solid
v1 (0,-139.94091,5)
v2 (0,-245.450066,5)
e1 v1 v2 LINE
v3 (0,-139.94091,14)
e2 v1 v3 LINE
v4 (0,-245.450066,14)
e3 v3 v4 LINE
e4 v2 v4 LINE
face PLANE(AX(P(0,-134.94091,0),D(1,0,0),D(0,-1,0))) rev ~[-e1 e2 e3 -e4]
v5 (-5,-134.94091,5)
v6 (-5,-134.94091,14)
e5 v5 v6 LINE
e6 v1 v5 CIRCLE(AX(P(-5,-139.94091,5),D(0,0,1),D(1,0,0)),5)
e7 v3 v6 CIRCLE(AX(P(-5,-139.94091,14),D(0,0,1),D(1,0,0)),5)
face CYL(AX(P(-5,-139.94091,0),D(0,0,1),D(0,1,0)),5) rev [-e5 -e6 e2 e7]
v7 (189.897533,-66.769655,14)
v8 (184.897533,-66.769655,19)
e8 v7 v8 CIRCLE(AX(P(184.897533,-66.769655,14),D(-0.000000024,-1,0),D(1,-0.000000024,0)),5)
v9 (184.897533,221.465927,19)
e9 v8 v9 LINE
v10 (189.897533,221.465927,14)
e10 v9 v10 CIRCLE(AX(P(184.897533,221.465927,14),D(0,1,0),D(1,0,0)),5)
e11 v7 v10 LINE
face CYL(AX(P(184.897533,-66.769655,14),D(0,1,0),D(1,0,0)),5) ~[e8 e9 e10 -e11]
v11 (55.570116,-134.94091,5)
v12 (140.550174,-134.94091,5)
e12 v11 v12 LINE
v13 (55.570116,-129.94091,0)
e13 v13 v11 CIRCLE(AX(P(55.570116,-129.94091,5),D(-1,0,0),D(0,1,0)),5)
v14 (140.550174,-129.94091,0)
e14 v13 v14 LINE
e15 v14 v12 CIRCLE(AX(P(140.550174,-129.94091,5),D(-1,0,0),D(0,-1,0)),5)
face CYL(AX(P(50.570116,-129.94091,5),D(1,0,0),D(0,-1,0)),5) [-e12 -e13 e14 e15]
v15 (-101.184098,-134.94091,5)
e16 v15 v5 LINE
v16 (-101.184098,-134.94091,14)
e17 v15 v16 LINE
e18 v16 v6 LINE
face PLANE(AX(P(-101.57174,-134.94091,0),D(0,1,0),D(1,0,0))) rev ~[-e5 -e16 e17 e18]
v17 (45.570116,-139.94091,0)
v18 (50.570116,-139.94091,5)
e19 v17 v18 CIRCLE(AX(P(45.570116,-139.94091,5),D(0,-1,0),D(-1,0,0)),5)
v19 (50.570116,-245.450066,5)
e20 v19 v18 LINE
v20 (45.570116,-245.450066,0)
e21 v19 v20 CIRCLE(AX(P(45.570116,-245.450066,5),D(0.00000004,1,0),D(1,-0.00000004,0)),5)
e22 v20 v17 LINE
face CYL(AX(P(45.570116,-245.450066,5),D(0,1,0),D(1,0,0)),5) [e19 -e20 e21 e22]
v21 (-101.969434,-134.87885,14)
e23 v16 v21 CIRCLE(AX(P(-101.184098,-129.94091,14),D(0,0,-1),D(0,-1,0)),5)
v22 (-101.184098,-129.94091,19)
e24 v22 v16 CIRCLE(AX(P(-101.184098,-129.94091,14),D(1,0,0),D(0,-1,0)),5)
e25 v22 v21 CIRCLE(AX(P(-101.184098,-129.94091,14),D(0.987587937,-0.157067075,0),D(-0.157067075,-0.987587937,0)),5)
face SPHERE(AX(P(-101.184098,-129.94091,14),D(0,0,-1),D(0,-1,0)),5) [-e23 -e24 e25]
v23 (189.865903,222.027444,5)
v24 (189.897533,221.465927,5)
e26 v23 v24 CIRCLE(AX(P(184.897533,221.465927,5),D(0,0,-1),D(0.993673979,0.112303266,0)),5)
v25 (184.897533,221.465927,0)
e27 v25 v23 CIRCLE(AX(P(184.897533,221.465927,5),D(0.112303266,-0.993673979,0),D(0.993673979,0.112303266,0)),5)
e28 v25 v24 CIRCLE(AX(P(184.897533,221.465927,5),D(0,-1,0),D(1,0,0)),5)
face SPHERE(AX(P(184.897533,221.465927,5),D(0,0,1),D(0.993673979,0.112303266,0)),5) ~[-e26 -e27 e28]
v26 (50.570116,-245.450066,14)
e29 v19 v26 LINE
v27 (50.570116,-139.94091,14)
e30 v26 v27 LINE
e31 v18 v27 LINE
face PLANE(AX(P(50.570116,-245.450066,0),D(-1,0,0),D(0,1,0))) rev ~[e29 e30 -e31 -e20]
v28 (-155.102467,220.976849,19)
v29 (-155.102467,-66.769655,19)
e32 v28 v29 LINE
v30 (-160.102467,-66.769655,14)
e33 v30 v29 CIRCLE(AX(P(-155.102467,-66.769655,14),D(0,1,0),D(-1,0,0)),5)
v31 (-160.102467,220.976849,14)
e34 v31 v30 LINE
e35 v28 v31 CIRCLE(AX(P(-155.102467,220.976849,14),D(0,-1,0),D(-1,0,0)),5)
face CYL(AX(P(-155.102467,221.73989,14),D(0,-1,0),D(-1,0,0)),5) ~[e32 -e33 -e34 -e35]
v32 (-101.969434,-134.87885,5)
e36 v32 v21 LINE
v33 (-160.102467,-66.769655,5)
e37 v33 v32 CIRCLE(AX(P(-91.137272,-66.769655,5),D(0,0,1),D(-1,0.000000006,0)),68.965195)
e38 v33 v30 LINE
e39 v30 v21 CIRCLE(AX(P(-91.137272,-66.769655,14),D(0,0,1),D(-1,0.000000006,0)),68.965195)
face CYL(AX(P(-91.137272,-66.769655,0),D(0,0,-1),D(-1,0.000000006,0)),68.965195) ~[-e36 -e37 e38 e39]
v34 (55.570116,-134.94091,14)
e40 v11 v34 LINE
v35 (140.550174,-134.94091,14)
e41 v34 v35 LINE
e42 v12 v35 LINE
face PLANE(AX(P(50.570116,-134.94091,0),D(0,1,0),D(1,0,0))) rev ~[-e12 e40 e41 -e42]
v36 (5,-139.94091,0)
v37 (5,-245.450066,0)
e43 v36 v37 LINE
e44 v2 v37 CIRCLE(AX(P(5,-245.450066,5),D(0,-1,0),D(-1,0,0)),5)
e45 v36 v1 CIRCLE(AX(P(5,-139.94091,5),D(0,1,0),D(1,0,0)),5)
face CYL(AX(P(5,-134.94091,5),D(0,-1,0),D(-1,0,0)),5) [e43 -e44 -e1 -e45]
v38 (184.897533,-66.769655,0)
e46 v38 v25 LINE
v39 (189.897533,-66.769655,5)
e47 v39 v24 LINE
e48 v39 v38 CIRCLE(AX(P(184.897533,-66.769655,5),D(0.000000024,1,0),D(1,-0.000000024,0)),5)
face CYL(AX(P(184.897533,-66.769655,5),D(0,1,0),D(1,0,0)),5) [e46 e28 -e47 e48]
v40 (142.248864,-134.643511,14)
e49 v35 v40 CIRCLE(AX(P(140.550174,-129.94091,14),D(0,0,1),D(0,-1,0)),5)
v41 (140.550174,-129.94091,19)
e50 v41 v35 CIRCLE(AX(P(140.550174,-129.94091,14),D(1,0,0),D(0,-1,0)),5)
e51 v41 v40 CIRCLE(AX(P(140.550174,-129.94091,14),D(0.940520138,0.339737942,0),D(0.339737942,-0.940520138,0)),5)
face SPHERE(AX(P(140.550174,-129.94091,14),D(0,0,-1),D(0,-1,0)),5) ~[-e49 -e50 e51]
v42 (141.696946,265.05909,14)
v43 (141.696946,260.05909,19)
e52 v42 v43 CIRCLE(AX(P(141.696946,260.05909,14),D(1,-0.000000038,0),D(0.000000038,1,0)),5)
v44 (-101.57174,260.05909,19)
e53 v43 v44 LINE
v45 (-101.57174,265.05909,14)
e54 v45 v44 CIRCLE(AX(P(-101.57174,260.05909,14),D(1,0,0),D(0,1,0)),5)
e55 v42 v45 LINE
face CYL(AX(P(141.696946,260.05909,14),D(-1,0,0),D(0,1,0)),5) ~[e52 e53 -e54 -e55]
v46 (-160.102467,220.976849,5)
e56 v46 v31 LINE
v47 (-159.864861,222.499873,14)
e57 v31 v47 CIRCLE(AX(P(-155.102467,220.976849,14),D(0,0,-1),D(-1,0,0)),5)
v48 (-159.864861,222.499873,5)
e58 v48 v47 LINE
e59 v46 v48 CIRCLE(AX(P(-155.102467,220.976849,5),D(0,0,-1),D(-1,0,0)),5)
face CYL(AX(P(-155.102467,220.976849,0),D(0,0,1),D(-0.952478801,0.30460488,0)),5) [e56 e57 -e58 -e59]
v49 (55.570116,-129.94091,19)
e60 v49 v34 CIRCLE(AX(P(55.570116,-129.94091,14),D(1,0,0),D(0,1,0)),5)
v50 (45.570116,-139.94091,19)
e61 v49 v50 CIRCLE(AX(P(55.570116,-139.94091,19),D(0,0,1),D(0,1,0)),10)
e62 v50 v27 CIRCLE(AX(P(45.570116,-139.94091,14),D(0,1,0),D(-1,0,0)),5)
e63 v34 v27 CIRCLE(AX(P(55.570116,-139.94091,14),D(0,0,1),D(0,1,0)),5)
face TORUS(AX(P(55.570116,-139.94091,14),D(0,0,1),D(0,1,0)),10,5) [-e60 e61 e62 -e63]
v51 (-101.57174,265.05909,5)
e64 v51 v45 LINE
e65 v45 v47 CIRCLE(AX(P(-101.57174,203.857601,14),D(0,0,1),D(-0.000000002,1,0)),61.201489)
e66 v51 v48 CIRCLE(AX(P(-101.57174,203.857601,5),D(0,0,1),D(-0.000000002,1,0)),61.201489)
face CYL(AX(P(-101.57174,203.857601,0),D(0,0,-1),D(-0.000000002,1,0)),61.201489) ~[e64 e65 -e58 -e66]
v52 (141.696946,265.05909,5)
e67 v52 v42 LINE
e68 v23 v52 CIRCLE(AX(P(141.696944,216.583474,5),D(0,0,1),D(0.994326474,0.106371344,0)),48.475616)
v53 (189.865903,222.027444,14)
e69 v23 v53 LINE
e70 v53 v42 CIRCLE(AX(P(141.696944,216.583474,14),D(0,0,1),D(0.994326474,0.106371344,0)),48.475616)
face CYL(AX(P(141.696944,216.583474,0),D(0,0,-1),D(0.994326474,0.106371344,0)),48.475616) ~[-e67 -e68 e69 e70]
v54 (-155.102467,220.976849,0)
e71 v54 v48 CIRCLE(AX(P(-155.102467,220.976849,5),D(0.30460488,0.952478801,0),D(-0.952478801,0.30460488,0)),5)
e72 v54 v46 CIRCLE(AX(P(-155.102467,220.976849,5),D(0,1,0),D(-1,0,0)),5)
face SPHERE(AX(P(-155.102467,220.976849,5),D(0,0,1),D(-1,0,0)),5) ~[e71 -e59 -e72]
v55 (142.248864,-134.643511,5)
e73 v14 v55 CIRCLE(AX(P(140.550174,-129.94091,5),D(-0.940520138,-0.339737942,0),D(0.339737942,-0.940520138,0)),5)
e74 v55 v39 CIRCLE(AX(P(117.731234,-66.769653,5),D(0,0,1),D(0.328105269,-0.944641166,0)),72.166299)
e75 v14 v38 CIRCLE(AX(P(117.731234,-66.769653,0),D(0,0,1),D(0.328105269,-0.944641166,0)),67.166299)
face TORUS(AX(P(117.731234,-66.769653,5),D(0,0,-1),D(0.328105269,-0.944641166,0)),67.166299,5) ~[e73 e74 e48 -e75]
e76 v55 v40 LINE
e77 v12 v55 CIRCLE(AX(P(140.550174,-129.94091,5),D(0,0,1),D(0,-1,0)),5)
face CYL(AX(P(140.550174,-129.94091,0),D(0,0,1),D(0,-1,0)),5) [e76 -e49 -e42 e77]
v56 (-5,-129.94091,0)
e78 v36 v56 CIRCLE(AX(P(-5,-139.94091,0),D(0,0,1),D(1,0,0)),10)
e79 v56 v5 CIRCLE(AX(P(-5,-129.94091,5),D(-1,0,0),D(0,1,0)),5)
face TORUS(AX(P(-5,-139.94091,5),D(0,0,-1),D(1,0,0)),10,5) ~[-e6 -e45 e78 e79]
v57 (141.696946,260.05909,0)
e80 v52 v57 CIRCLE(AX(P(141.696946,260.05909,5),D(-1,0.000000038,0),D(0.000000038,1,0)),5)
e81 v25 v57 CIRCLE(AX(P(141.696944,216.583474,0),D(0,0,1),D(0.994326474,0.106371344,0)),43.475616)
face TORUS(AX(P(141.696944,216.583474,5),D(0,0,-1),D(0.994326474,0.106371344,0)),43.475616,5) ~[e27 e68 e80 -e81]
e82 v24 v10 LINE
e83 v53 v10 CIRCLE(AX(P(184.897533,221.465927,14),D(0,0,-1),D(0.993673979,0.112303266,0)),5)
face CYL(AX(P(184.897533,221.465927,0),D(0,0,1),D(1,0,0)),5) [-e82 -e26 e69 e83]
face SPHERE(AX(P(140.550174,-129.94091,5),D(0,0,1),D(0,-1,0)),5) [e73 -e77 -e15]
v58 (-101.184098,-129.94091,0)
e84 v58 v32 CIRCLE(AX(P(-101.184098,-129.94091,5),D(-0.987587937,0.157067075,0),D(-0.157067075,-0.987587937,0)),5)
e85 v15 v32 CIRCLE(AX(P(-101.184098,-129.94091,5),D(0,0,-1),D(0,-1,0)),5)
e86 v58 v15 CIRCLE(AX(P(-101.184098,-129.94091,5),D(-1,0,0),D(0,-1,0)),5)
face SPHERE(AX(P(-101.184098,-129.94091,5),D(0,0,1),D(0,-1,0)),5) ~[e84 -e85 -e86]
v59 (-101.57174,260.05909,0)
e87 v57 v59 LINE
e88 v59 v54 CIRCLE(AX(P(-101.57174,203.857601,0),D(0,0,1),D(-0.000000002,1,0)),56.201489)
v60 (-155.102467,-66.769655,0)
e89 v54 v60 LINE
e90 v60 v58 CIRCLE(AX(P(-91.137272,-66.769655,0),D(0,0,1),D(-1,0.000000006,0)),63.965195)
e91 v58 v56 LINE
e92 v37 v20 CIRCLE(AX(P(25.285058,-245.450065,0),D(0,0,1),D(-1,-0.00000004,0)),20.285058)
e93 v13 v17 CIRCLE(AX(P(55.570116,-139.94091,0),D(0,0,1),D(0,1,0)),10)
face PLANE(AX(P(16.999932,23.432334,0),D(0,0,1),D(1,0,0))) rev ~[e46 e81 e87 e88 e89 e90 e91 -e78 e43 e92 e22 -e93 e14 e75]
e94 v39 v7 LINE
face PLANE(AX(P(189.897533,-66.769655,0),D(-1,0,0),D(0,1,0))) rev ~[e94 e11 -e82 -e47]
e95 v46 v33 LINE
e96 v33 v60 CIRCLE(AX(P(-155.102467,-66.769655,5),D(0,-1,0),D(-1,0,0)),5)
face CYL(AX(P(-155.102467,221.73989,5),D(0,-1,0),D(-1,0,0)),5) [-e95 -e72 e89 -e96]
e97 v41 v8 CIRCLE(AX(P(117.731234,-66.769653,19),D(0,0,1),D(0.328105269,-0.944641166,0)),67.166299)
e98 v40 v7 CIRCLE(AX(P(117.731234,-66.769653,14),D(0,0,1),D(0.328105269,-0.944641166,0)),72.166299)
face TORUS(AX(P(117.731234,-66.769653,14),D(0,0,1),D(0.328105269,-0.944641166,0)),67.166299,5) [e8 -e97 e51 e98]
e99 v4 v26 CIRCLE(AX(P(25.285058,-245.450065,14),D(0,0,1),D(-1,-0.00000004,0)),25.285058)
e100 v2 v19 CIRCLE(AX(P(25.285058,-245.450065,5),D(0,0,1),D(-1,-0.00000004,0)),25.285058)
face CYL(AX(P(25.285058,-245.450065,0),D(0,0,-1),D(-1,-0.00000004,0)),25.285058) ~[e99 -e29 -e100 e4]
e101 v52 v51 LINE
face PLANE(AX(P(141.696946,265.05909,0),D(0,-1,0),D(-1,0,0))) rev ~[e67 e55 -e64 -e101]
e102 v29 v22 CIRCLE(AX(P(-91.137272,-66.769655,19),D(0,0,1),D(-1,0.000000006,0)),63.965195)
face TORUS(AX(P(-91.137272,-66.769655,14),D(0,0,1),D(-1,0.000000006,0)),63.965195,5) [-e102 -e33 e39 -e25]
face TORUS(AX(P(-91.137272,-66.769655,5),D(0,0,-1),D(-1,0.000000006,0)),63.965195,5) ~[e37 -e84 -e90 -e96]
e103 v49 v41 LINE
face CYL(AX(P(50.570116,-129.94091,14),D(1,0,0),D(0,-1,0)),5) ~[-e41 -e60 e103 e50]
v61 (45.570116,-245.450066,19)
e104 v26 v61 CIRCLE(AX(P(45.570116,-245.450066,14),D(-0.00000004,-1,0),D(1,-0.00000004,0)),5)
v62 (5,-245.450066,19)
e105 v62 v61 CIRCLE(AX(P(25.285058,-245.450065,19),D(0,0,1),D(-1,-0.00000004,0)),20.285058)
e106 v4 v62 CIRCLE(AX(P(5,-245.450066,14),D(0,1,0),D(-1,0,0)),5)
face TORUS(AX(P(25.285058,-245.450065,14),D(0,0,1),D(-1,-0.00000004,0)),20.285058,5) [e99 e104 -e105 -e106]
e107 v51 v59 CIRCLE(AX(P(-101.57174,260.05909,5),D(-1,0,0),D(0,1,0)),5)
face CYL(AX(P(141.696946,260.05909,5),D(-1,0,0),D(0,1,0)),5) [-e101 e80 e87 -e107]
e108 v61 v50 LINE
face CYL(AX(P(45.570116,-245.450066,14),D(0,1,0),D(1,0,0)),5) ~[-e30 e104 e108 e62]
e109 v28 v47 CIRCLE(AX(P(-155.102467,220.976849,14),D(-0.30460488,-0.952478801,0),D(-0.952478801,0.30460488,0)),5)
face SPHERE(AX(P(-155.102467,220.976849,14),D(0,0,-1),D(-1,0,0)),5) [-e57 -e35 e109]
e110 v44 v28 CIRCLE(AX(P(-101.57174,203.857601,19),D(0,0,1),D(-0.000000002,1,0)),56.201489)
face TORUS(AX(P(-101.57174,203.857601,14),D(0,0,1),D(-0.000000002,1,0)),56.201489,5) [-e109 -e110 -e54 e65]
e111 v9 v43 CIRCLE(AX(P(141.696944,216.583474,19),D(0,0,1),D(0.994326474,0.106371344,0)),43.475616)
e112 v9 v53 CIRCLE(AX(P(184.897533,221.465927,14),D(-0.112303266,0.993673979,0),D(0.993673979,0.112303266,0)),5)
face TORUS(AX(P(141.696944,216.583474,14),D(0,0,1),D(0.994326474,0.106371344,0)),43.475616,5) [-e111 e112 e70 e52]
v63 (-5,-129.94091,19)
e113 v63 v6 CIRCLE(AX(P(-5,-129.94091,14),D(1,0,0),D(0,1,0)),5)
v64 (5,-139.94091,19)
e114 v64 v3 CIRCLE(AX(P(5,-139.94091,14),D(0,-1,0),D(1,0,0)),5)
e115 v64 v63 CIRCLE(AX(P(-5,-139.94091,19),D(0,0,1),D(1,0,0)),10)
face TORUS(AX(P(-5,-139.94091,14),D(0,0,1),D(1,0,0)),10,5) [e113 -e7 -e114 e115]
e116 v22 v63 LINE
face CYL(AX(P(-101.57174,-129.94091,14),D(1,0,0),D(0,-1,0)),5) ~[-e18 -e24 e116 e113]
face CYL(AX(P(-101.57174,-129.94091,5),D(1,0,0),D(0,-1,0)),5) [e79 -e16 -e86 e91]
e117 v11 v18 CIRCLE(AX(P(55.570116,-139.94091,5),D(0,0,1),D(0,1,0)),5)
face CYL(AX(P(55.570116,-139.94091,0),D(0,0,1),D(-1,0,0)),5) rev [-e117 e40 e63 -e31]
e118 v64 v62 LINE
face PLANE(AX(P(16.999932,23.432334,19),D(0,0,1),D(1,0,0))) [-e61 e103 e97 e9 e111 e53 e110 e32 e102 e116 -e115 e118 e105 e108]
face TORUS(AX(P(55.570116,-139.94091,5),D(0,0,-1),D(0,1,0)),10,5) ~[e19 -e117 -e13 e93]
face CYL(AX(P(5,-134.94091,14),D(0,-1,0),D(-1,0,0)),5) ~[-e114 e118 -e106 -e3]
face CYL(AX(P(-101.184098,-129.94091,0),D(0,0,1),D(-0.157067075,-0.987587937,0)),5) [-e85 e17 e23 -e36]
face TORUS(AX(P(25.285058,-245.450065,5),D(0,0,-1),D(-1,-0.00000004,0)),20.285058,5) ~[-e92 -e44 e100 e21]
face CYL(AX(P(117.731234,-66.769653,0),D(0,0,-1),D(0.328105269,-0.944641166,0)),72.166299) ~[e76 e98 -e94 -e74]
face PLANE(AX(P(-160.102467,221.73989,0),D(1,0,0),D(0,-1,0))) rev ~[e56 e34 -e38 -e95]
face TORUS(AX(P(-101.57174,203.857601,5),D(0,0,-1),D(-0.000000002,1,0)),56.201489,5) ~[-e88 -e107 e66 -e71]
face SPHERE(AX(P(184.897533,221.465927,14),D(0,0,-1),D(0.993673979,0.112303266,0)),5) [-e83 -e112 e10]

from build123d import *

# Parameters (mm, degrees)
F1_DEPTH = 19
F2_R     = 5


with BuildPart() as f1:
    # F0 (on Top) → F1 (new body)
    with BuildSketch(Plane.XY):
        with BuildLine():
            Line((141.696946, 265.05909), (-101.57174, 265.05909))
            ThreePointArc((-101.57174, 265.05909), (-137.980527, 253.051325), (-160.102467, 221.73989))
            Line((-160.102467, 221.73989), (-160.102467, -66.769655))
            ThreePointArc((-160.102467, -66.769655), (-143.462282, -111.695054), (-101.57174, -134.94091))
            Line((-101.57174, -134.94091), (0, -134.94091))
            Line((0, -134.94091), (0, -245.450066))
            ThreePointArc((0, -245.450066), (25.285058, -270.735123), (50.570116, -245.450066))
            Line((50.570116, -245.450066), (50.570116, -134.94091))
            Line((50.570116, -134.94091), (141.409377, -134.94091))
            ThreePointArc((141.409377, -134.94091), (176.539135, -108.597939), (189.897533, -66.769655))
            Line((189.897533, -66.769655), (189.897533, 221.73989))
            ThreePointArc((189.897533, 221.73989), (174.100069, 252.637917), (141.696946, 265.05909))
        make_face()
    extrude(amount=F1_DEPTH)

    # F2
    f2_edges = [f1.edges().sort_by_distance(p)[0] for p in [
        (-160.102467, 221.73989, 9.5),
        (-160.102467, -66.769655, 9.5),
        (-160.102467, 77.485118, 0),
        (-160.102467, 77.485118, 19),
        (-101.57174, -134.94091, 9.5),
        (-143.462282, -111.695054, 0),
        (-143.462282, -111.695054, 19),
        (-50.78587, -134.94091, 19),
        (-50.78587, -134.94091, 0),
        (0, -134.94091, 9.5),
        (0, -245.450066, 9.5),
        (0, -190.195488, 0),
        (0, -190.195488, 19),
        (50.570116, -134.94091, 9.5),
        (141.409377, -134.94091, 9.5),
        (95.989746, -134.94091, 0),
        (95.989746, -134.94091, 19),
        (189.897533, -66.769655, 9.5),
        (176.539135, -108.597939, 0),
        (176.539135, -108.597939, 19),
        (189.897533, 221.73989, 9.5),
        (141.696946, 265.05909, 9.5),
        (174.100069, 252.637917, 0),
        (174.100069, 252.637917, 19),
    ]]
    fillet(f2_edges, radius=F2_R)


solid = f1.part
